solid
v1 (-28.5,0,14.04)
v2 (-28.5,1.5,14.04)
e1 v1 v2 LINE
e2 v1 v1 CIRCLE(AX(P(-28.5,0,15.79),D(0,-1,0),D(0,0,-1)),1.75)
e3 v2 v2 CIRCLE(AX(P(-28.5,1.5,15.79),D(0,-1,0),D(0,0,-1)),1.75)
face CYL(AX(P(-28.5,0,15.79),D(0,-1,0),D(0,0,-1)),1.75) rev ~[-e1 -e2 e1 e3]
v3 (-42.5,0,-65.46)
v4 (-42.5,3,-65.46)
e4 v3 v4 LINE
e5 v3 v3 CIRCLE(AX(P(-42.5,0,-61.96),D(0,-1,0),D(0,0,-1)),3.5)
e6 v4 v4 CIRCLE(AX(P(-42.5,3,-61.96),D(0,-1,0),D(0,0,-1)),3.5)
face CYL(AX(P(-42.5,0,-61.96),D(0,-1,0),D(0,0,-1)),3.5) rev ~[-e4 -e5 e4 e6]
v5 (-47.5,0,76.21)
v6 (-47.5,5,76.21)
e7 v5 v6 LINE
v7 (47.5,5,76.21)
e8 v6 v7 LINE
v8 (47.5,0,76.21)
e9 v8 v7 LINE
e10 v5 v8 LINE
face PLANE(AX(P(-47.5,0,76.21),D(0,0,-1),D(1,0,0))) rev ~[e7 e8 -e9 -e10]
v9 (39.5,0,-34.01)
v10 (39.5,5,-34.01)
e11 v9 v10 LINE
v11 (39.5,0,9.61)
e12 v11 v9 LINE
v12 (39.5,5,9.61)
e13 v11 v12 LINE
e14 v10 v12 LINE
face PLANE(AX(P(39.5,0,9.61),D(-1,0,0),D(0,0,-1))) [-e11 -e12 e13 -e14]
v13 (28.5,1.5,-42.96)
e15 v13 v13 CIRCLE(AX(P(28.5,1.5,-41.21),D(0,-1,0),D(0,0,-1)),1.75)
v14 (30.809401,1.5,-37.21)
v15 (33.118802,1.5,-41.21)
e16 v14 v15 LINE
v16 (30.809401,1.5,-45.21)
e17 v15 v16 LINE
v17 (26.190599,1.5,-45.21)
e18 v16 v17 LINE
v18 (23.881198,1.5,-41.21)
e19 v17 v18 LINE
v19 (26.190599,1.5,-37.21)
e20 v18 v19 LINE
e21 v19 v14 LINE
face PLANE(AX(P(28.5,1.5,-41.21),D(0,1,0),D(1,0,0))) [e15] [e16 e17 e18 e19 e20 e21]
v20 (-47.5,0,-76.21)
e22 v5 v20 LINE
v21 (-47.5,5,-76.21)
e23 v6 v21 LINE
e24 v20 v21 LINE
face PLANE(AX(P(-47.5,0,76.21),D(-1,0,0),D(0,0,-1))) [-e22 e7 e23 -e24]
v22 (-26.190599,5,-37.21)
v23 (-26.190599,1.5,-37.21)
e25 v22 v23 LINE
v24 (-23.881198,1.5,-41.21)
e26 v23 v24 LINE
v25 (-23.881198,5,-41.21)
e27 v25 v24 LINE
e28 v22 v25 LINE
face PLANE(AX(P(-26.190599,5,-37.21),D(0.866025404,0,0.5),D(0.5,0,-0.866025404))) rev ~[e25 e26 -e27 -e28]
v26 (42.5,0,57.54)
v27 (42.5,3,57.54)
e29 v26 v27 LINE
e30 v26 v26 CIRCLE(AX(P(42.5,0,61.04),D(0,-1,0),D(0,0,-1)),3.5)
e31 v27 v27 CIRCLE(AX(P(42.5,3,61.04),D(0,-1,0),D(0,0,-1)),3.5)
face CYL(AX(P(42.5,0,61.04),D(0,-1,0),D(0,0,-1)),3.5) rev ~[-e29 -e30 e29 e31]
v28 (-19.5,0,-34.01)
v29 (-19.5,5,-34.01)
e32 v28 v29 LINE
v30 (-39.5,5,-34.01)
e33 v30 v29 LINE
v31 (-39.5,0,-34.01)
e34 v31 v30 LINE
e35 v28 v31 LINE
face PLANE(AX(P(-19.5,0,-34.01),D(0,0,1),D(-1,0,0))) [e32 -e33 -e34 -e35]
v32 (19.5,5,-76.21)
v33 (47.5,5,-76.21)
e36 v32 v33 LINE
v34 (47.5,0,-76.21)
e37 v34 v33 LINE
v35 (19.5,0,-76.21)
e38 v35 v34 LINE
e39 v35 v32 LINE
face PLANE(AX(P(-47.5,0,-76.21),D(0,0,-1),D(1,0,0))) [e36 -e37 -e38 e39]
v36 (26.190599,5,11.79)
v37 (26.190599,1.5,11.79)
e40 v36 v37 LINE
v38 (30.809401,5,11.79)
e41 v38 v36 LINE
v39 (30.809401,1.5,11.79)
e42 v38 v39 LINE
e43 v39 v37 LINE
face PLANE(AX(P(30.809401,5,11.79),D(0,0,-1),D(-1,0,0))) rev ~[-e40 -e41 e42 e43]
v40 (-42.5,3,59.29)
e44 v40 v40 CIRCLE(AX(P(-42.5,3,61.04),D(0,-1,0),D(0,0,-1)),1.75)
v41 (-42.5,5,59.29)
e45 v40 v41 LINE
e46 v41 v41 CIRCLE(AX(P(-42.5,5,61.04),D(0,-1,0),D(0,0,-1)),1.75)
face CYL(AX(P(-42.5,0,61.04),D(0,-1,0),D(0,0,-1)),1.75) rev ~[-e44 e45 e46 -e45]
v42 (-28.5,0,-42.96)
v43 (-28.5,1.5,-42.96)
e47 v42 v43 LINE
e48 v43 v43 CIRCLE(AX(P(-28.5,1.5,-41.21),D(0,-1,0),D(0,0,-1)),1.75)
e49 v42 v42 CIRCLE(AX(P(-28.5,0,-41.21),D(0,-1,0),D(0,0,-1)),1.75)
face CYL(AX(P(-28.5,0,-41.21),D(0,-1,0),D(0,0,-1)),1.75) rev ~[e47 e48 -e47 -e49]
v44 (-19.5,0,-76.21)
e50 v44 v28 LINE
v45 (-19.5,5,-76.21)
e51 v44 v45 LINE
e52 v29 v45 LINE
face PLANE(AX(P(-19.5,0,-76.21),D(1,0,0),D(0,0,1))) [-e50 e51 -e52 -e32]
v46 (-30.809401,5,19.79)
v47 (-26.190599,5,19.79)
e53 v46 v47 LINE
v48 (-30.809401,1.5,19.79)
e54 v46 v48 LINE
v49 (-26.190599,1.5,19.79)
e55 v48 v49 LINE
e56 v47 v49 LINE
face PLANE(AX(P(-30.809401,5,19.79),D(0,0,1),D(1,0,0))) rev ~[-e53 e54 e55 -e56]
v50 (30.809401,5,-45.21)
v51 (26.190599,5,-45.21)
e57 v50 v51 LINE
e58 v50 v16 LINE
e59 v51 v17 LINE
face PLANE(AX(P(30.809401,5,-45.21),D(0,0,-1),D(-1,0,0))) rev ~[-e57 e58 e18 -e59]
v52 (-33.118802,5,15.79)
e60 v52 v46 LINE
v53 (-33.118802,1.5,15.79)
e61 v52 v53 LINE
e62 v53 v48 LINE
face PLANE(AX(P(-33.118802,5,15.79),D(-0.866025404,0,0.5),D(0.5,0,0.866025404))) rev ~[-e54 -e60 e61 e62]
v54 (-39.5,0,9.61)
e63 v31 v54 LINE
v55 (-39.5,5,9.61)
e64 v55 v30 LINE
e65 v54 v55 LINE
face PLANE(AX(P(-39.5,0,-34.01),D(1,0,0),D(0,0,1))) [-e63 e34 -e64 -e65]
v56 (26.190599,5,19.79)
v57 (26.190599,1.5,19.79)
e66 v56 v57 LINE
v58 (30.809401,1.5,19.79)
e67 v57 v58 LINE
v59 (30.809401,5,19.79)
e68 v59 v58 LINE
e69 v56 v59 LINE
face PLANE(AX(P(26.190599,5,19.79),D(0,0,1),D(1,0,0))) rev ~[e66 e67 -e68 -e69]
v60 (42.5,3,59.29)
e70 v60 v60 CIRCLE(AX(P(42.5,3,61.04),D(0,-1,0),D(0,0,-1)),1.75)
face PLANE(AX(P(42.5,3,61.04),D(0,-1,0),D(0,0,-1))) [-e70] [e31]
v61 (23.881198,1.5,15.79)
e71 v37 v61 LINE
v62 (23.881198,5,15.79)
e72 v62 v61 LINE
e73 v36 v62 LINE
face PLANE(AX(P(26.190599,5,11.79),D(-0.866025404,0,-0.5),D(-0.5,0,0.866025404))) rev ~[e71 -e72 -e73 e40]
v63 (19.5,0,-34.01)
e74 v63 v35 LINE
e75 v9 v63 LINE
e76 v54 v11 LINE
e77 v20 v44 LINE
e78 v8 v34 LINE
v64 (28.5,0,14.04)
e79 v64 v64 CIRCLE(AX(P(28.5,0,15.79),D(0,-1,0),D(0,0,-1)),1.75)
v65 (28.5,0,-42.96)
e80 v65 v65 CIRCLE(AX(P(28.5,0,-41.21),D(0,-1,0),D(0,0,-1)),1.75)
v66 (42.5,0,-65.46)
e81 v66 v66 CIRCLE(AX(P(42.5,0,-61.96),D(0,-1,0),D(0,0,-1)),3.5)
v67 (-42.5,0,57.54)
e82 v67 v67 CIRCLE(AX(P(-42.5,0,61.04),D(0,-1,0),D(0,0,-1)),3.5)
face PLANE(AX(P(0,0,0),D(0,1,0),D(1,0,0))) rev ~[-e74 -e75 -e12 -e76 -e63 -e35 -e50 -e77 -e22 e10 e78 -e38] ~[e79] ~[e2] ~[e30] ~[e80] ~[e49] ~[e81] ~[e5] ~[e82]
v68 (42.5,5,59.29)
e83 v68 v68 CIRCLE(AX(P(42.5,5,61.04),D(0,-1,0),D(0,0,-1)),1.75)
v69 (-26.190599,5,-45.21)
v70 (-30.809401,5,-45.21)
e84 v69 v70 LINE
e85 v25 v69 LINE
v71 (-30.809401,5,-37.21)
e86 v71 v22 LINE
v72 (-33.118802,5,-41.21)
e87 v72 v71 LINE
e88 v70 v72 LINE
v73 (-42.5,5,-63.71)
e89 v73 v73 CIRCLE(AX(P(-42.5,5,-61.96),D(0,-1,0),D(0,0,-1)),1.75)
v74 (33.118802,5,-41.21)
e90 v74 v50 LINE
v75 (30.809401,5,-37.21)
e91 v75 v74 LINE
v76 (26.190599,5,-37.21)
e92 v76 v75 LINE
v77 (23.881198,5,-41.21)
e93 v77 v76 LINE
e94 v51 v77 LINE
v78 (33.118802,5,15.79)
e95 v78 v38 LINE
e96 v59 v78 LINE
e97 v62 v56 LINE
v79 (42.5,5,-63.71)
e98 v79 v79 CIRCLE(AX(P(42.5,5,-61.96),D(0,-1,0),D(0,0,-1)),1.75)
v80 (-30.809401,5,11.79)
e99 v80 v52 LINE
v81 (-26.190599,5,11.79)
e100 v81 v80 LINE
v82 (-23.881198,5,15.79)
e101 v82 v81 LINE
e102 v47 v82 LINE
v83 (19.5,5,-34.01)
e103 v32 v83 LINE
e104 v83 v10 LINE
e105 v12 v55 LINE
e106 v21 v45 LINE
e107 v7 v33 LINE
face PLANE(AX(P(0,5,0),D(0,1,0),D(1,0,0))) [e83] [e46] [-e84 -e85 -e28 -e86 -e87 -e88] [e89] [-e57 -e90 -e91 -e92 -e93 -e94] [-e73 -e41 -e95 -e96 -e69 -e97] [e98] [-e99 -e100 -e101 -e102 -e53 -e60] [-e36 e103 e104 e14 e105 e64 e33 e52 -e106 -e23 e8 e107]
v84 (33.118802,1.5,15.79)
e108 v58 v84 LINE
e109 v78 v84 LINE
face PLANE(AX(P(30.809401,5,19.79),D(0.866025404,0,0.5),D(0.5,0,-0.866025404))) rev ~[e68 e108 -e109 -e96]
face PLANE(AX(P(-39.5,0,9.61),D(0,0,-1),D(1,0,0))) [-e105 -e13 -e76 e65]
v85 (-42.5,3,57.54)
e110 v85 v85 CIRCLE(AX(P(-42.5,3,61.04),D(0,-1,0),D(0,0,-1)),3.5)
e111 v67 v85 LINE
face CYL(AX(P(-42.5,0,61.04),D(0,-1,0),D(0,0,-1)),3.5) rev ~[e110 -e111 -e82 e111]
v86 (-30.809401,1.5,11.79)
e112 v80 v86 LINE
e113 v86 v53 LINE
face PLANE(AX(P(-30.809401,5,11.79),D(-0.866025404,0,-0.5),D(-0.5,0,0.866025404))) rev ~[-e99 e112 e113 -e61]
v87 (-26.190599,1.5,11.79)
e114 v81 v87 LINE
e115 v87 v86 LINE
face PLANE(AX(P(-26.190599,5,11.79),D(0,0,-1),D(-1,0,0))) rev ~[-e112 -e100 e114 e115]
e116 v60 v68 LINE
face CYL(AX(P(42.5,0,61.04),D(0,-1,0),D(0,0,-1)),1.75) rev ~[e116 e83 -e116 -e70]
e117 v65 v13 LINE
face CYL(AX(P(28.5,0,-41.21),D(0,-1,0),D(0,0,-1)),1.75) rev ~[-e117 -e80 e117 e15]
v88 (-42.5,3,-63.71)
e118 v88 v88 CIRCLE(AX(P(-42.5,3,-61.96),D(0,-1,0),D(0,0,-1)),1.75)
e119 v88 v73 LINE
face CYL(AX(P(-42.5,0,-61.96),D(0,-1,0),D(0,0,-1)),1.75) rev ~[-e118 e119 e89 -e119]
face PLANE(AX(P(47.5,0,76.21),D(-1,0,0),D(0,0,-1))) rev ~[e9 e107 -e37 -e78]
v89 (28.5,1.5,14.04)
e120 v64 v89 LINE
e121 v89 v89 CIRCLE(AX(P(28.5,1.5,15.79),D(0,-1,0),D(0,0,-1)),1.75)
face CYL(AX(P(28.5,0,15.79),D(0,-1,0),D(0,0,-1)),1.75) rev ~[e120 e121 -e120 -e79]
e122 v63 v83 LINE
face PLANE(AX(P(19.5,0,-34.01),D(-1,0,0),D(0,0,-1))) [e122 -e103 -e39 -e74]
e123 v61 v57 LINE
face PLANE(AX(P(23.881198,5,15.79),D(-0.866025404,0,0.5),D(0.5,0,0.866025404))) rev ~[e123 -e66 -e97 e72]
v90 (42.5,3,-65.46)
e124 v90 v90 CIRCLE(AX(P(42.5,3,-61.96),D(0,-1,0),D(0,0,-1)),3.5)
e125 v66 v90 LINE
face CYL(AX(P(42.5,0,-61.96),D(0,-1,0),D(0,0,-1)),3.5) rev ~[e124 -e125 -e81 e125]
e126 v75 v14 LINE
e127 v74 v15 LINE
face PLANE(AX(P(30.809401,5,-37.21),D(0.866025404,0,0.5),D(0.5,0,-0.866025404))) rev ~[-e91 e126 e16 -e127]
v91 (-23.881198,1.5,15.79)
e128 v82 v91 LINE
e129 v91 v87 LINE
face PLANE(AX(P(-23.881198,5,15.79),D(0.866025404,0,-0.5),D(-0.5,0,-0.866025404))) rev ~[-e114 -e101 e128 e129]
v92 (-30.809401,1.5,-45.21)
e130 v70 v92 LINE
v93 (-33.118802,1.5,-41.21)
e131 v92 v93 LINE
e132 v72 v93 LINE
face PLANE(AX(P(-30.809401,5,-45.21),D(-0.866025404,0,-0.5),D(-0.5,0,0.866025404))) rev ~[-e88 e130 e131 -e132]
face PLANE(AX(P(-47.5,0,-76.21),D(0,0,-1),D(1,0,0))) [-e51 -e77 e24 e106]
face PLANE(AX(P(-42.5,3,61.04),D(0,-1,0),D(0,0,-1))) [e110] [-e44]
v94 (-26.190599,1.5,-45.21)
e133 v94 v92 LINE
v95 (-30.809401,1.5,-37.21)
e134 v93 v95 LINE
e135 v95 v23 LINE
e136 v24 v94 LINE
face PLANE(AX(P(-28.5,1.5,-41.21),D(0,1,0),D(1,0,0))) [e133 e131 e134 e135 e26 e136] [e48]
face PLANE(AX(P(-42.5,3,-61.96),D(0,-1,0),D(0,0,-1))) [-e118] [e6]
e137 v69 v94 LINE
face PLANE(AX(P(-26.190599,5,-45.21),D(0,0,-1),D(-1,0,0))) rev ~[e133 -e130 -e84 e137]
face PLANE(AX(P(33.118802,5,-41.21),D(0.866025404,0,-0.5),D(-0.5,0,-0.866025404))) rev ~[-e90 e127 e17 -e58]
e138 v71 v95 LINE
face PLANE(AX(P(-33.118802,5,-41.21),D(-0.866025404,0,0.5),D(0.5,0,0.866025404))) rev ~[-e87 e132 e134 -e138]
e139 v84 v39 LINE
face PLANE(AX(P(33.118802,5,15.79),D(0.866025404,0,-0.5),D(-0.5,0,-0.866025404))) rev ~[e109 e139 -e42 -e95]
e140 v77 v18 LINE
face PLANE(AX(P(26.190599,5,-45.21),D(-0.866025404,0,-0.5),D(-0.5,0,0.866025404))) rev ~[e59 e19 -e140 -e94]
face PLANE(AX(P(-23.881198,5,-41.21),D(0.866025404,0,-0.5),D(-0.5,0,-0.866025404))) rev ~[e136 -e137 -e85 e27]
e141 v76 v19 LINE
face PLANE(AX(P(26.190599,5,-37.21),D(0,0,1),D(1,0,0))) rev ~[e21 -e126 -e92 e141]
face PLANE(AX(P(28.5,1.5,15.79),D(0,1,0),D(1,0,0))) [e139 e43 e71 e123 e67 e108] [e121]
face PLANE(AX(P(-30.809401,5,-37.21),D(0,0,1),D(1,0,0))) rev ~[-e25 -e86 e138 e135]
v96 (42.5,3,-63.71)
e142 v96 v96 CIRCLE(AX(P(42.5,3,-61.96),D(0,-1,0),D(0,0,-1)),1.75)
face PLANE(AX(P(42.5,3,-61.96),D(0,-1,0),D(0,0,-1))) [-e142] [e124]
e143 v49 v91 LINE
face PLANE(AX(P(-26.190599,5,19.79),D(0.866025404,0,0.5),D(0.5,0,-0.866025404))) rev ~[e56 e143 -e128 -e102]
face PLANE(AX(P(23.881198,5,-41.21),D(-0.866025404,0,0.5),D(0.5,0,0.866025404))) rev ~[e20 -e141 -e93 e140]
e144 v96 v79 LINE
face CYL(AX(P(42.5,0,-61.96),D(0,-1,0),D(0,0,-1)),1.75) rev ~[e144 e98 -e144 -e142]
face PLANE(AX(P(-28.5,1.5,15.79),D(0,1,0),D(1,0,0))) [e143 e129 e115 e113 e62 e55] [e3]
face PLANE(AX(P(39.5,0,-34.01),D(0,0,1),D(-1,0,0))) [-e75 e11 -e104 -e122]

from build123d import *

# Parameters (mm, degrees)
SKETCH1_W           = 95
SKETCH1_H           = 152.42
BOSS_EXTRUDE1_DEPTH = 5
SKETCH2_R           = 1.75
CUT_EXTRUDE1_DEPTH  = 10
SKETCH3_R           = 3.5
CUT_EXTRUDE2_DEPTH  = 3
CUT_EXTRUDE3_DEPTH  = 10
SKETCH4_R           = 1.75
CUT_EXTRUDE4_DEPTH  = 10
CUT_EXTRUDE5_DEPTH  = 3.5


with BuildPart() as part:
    # Sketch1 → Boss-Extrude1 (new body)
    with BuildSketch(Plane(origin=(0, 0, 0), x_dir=(1, 0, 0), z_dir=(0, 1, 0))):
        Rectangle(SKETCH1_W, SKETCH1_H)
    extrude(amount=BOSS_EXTRUDE1_DEPTH)

    # Sketch2 → Cut-Extrude1 (cut)
    with BuildSketch(Plane.XZ):
        with Locations(Location((42.5, -61.96, 0), (0, 0, 270))):
            Circle(SKETCH2_R)
        with Locations(Location((-42.5, -61.96, 0), (0, 0, 270))):
            Circle(SKETCH2_R)
        with Locations(Location((-42.5, 61.04, 0), (0, 0, 270))):
            Circle(SKETCH2_R)
        with Locations(Location((42.5, 61.04, 0), (0, 0, 270))):
            Circle(SKETCH2_R)
    extrude(amount=-CUT_EXTRUDE1_DEPTH, mode=Mode.SUBTRACT)

    # Sketch3 → Cut-Extrude2 (cut)
    with BuildSketch(Plane.XZ):
        with Locations(Location((42.5, -61.96, 0), (0, 0, 270))):
            Circle(SKETCH3_R)
        with Locations(Location((42.5, 61.04, 0), (0, 0, 270))):
            Circle(SKETCH3_R)
        with Locations(Location((-42.5, 61.04, 0), (0, 0, 270))):
            Circle(SKETCH3_R)
        with Locations(Location((-42.5, -61.96, 0), (0, 0, 270))):
            Circle(SKETCH3_R)
    extrude(amount=-CUT_EXTRUDE2_DEPTH, mode=Mode.SUBTRACT)

    # Sketch5 → Cut-Extrude3 (cut)
    with BuildSketch(Plane.XZ):
        Polygon((39.5, -34.01), (19.5, -34.01), (19.5, -76.21), (-19.5, -76.21), (-19.5, -34.01), (-39.5, -34.01), (-39.5, 9.61), (39.5, 9.61), align=None)
    extrude(amount=-CUT_EXTRUDE3_DEPTH, mode=Mode.SUBTRACT)

    # Sketch4 → Cut-Extrude4 (cut)
    with BuildSketch(Plane.XZ):
        with Locations(Location((28.5, -41.21, 0), (0, 0, 270))):
            Circle(SKETCH4_R)
        with Locations(Location((28.5, 15.79, 0), (0, 0, 270))):
            Circle(SKETCH4_R)
        with Locations(Location((-28.5, 15.79, 0), (0, 0, 270))):
            Circle(SKETCH4_R)
        with Locations(Location((-28.5, -41.21, 0), (0, 0, 270))):
            Circle(SKETCH4_R)
    extrude(amount=-CUT_EXTRUDE4_DEPTH, mode=Mode.SUBTRACT)

    # Sketch6 → Cut-Extrude5 (cut)
    with BuildSketch(Plane(origin=(0, 5, 0), x_dir=(1, 0, 0), z_dir=(0, 1, 0))):
        Polygon((-26.190598923, 45.21), (-30.809401077, 45.21), (-33.118802154, 41.21), (-30.809401077, 37.21), (-26.190598923, 37.21), (-23.881197846, 41.21), align=None)
        Polygon((30.809401077, 45.21), (26.190598923, 45.21), (23.881197846, 41.21), (26.190598923, 37.21), (30.809401077, 37.21), (33.118802154, 41.21), align=None)
        Polygon((30.809401077, -11.79), (26.190598923, -11.79), (23.881197846, -15.79), (26.190598923, -19.79), (30.809401077, -19.79), (33.118802154, -15.79), align=None)
        Polygon((-26.190598923, -19.79), (-23.881197846, -15.79), (-26.190598923, -11.79), (-30.809401077, -11.79), (-33.118802154, -15.79), (-30.809401077, -19.79), align=None)
    extrude(amount=-CUT_EXTRUDE5_DEPTH, mode=Mode.SUBTRACT)


solid = part.part
